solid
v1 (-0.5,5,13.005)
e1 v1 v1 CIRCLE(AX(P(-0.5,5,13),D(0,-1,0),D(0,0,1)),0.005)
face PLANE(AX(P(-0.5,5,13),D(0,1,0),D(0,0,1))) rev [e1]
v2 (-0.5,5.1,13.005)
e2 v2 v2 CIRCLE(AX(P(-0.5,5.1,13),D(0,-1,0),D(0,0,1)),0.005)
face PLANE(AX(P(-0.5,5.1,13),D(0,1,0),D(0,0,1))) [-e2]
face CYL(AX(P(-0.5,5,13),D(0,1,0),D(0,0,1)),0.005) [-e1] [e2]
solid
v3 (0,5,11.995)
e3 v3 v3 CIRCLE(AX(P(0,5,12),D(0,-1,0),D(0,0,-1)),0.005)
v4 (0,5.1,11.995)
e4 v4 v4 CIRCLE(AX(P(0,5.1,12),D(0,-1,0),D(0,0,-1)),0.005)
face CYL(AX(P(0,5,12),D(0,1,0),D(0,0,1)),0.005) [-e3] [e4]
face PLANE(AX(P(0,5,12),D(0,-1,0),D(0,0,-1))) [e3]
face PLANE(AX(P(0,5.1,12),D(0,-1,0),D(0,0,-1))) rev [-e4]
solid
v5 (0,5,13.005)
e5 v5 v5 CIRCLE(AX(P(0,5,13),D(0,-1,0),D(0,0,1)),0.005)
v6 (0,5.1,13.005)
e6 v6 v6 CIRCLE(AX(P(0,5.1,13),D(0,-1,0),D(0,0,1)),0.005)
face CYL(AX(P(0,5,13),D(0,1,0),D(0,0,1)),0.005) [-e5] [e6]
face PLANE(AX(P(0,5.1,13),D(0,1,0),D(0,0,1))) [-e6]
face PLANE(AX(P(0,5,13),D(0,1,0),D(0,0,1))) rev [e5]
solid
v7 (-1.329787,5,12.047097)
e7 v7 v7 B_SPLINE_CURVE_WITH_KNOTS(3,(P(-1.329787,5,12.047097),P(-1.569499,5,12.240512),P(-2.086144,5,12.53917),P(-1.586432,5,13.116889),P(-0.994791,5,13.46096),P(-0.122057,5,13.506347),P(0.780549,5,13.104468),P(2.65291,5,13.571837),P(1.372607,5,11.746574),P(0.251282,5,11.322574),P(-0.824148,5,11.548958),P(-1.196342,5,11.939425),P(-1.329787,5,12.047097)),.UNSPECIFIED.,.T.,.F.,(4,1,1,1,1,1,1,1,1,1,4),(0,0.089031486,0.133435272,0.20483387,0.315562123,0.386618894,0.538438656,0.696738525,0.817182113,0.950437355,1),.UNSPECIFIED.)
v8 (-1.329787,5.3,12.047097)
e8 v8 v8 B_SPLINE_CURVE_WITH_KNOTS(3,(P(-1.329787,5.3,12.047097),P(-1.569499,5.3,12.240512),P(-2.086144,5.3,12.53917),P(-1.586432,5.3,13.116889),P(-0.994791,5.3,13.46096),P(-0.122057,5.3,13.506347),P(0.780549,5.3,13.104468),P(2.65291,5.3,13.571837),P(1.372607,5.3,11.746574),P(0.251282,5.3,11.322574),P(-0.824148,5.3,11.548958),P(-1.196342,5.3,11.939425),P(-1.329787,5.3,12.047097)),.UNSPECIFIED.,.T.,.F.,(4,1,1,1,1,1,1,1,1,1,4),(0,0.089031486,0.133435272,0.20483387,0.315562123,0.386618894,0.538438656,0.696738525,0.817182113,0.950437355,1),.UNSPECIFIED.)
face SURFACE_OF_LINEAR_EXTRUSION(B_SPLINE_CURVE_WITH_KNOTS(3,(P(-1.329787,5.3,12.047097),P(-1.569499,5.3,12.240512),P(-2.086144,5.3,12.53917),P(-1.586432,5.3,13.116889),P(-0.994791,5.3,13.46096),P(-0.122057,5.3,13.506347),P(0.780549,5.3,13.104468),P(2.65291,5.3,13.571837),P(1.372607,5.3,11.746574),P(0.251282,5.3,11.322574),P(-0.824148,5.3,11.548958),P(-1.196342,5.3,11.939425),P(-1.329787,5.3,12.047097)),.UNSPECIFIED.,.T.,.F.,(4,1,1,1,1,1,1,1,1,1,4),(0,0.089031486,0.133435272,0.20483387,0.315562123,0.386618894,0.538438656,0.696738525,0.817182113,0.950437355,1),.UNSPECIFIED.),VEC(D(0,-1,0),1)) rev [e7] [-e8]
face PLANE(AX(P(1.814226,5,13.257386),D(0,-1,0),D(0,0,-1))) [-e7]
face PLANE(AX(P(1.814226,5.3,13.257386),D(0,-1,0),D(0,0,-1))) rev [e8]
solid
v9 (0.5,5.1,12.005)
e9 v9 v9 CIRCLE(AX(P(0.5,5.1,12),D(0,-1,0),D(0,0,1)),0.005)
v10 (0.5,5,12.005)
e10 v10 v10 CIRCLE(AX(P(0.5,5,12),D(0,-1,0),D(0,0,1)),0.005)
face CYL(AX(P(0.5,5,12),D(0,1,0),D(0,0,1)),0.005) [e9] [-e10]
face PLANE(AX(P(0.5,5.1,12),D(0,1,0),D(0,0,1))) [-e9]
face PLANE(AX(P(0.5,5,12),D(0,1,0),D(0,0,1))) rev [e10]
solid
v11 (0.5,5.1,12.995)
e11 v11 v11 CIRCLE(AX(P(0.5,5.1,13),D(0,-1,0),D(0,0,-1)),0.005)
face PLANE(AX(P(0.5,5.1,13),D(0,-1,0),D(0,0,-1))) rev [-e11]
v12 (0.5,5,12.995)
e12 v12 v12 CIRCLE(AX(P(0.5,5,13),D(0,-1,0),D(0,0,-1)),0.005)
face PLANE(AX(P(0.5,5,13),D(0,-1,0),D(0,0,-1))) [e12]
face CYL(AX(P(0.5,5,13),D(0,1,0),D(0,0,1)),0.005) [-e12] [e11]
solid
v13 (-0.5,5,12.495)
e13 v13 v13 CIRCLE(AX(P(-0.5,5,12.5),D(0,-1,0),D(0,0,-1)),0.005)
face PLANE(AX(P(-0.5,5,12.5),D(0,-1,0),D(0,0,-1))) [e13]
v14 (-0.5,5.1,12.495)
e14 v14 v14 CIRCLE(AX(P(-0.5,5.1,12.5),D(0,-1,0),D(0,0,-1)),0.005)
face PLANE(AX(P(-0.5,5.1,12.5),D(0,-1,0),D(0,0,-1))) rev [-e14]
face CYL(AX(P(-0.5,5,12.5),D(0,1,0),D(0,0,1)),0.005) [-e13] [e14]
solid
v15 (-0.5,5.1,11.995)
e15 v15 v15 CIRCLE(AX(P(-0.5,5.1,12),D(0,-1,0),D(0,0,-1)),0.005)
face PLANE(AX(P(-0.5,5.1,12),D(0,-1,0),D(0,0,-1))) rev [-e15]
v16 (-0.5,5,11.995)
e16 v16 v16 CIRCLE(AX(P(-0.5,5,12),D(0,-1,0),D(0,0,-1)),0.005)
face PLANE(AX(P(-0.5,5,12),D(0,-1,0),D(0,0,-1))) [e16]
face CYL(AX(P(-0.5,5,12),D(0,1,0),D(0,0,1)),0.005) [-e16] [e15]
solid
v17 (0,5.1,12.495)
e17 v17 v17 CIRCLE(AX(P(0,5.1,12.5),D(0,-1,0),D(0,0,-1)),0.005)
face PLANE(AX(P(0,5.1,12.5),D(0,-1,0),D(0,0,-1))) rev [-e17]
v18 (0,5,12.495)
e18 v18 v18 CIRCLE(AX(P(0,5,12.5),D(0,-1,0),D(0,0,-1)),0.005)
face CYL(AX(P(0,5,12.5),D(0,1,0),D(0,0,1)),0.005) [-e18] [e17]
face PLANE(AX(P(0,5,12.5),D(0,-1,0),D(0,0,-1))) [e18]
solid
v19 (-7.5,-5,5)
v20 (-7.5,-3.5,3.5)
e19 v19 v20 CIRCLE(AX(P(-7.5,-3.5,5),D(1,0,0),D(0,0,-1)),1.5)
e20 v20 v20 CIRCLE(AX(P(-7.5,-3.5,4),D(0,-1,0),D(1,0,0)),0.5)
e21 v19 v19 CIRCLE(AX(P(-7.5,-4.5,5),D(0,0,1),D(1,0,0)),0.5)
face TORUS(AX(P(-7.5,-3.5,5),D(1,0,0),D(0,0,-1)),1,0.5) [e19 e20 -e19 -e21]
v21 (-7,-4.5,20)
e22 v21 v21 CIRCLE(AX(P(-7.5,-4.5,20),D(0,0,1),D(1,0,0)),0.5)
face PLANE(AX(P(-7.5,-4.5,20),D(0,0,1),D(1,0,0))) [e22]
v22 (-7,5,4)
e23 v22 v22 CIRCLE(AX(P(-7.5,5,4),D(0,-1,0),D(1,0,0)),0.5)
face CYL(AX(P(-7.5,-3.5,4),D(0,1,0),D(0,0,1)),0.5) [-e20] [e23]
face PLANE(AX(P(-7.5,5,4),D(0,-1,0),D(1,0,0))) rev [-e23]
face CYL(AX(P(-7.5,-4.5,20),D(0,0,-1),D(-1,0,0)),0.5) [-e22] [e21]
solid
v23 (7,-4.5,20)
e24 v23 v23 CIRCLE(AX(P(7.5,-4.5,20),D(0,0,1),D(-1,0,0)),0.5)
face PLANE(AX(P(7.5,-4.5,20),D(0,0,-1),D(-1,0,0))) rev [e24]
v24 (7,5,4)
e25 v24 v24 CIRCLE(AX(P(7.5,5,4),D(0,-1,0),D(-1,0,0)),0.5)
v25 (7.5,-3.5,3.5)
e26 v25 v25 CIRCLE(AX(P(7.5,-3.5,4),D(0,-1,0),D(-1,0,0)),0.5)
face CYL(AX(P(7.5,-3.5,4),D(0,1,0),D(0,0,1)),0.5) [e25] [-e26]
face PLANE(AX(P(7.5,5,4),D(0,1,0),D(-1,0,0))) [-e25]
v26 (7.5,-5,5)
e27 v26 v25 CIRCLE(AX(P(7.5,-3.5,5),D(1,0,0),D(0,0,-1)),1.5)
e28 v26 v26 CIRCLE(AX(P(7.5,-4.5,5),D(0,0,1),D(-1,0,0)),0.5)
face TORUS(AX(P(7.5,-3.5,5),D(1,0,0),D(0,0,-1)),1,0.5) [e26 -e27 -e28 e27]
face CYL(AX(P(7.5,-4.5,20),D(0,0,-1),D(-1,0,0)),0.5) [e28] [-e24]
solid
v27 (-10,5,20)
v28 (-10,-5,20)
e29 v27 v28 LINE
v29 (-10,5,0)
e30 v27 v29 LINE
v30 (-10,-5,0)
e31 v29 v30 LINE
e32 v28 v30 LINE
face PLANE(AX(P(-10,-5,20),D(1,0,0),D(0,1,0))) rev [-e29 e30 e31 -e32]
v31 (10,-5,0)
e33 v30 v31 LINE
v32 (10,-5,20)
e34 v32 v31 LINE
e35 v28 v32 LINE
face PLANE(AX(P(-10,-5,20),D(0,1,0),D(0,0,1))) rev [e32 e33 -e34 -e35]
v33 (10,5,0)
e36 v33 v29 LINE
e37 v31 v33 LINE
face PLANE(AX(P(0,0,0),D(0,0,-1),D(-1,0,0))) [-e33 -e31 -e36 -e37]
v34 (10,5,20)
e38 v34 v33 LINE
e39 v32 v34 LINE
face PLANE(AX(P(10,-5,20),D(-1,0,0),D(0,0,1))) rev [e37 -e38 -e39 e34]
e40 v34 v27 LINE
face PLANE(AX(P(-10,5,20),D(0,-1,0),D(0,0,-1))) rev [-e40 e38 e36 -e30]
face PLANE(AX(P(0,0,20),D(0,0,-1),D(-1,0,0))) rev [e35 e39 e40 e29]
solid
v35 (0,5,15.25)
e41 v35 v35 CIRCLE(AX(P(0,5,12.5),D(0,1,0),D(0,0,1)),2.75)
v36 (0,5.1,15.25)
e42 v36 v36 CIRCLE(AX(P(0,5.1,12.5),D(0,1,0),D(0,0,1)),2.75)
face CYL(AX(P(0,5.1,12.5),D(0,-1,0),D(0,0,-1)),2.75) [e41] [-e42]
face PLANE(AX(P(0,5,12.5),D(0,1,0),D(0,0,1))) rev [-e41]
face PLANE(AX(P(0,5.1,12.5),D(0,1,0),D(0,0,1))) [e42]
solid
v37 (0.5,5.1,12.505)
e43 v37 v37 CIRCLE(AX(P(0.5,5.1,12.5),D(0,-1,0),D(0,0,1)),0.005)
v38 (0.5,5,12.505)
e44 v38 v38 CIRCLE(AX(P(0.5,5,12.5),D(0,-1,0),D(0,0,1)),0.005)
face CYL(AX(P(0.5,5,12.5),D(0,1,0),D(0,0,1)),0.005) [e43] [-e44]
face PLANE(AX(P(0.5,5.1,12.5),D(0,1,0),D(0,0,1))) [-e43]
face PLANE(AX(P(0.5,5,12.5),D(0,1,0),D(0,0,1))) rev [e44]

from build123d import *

# Parameters (mm, degrees)
SKETCH1_W             = 20
SKETCH1_H             = 10
BOSS_EXTRUDE1_DEPTH   = 20
SKETCH2_R             = 0.5
SKETCH5_R             = 2.75
BOSS_EXTRUDE4_DEPTH   = 0.1
SKETCH8_R             = 0.005
BOSS_EXTRUDE5_DEPTH   = 0.1
BOSS_EXTRUDE5_2_DEPTH = 0.1
BOSS_EXTRUDE5_3_DEPTH = 0.1
BOSS_EXTRUDE5_4_DEPTH = 0.1
BOSS_EXTRUDE5_5_DEPTH = 0.1
BOSS_EXTRUDE5_6_DEPTH = 0.1
BOSS_EXTRUDE5_7_DEPTH = 0.1
BOSS_EXTRUDE5_8_DEPTH = 0.1
BOSS_EXTRUDE5_9_DEPTH = 0.1
SLICE_2_DEPTH         = 0.3


with BuildPart() as part:
    # Sketch1 → Boss-Extrude1 (new body)
    with BuildSketch(Plane.XY):
        Rectangle(SKETCH1_W, SKETCH1_H)
    extrude(amount=BOSS_EXTRUDE1_DEPTH)


with BuildPart() as body_2:
    # ag/agcl electrodes: sweep along a path in Sketch3
    with BuildLine(Plane(origin=(7.5, 0, 0), x_dir=(0, 0, -1), z_dir=(1, 0, 0))) as ag_agcl_electrodes_path:
        Line((-20, -4.5), (-5, -4.5))
        ThreePointArc((-5, -4.5), (-4.292893219, -4.207106781), (-4, -3.5))
        Line((-4, -3.5), (-4, 5))
    # Sketch2 → ag/agcl electrodes (sweep)
    with BuildSketch(Plane.XY.offset(20)):
        with Locations((-7.5, -4.5)):
            Circle(SKETCH2_R)
        with Locations((7.5, -4.5)):
            Circle(SKETCH2_R)
    sweep(path=ag_agcl_electrodes_path.line)


with BuildPart() as body_3:
    # Sketch5 → Boss-Extrude4 (new body)
    with BuildSketch(Plane(origin=(0, 5, 0), x_dir=(1, 0, 0), z_dir=(0, 1, 0))):
        with Locations(Location((0, -12.5, 0), (0, 0, 270))):
            Circle(SKETCH5_R)
    extrude(amount=BOSS_EXTRUDE4_DEPTH)


with BuildPart() as body_4:
    # Sketch8 → Boss-Extrude5 (new body)
    with BuildSketch(Plane(origin=(0, 5.1, 0), x_dir=(-1, 0, 0), z_dir=(0, -1, 0))):
        with Locations(Location((0, -12.5, 0), (0, 0, 90))):
            Circle(SKETCH8_R)
    extrude(amount=BOSS_EXTRUDE5_DEPTH)


with BuildPart() as body_5:
    # Sketch8 → Boss-Extrude5 2 (new body)
    with BuildSketch(Plane(origin=(0, 5.1, 0), x_dir=(-1, 0, 0), z_dir=(0, -1, 0))):
        with Locations(Location((0.5, -12.5, 0), (0, 0, 90))):
            Circle(SKETCH8_R)
    extrude(amount=BOSS_EXTRUDE5_2_DEPTH)


with BuildPart() as body_6:
    # Sketch8 → Boss-Extrude5 3 (new body)
    with BuildSketch(Plane(origin=(0, 5.1, 0), x_dir=(-1, 0, 0), z_dir=(0, -1, 0))):
        with Locations(Location((0.5, -12, 0), (0, 0, 90))):
            Circle(SKETCH8_R)
    extrude(amount=BOSS_EXTRUDE5_3_DEPTH)


with BuildPart() as body_7:
    # Sketch8 → Boss-Extrude5 4 (new body)
    with BuildSketch(Plane(origin=(0, 5.1, 0), x_dir=(-1, 0, 0), z_dir=(0, -1, 0))):
        with Locations(Location((0, -12, 0), (0, 0, 90))):
            Circle(SKETCH8_R)
    extrude(amount=BOSS_EXTRUDE5_4_DEPTH)


with BuildPart() as body_8:
    # Sketch8 → Boss-Extrude5 5 (new body)
    with BuildSketch(Plane(origin=(0, 5.1, 0), x_dir=(-1, 0, 0), z_dir=(0, -1, 0))):
        with Locations(Location((0.5, -13, 0), (0, 0, 270))):
            Circle(SKETCH8_R)
    extrude(amount=BOSS_EXTRUDE5_5_DEPTH)


with BuildPart() as body_9:
    # Sketch8 → Boss-Extrude5 6 (new body)
    with BuildSketch(Plane(origin=(0, 5.1, 0), x_dir=(-1, 0, 0), z_dir=(0, -1, 0))):
        with Locations(Location((0, -13, 0), (0, 0, 270))):
            Circle(SKETCH8_R)
    extrude(amount=BOSS_EXTRUDE5_6_DEPTH)


with BuildPart() as body_10:
    # Sketch8 → Boss-Extrude5 7 (new body)
    with BuildSketch(Plane(origin=(0, 5.1, 0), x_dir=(-1, 0, 0), z_dir=(0, -1, 0))):
        with Locations(Location((-0.5, -13, 0), (0, 0, 90))):
            Circle(SKETCH8_R)
    extrude(amount=BOSS_EXTRUDE5_7_DEPTH)


with BuildPart() as body_11:
    # Sketch8 → Boss-Extrude5 8 (new body)
    with BuildSketch(Plane(origin=(0, 5.1, 0), x_dir=(-1, 0, 0), z_dir=(0, -1, 0))):
        with Locations(Location((-0.5, -12, 0), (0, 0, 270))):
            Circle(SKETCH8_R)
    extrude(amount=BOSS_EXTRUDE5_8_DEPTH)


with BuildPart() as body_12:
    # Sketch8 → Boss-Extrude5 9 (new body)
    with BuildSketch(Plane(origin=(0, 5.1, 0), x_dir=(-1, 0, 0), z_dir=(0, -1, 0))):
        with Locations(Location((-0.5, -12.5, 0), (0, 0, 270))):
            Circle(SKETCH8_R)
    extrude(amount=BOSS_EXTRUDE5_9_DEPTH)


with BuildPart() as body_13:
    # Sketch4 → slice 2 (new body)
    with BuildSketch(Plane(origin=(0, 5, 0), x_dir=(1, 0, 0), z_dir=(0, 1, 0))):
        with BuildLine():
            add(Edge.make_bspline(
                [(-1.329786825, -12.04709664), (-1.196342031, -11.939424685), (-0.824147777, -11.548957834), (0.251281573, -11.322574475), (1.372606671, -11.746573561), (2.652909809, -13.571837262), (0.780549472, -13.104467787), (-0.122057097, -13.506347246), (-0.994791107, -13.460960152), (-1.586432094, -13.116889112), (-2.086144249, -12.539169772), (-1.569499382, -12.240512354), (-1.329786825, -12.04709664)],
                knots=[0, 0, 0, 0, 0.049562645, 0.182817887, 0.303261475, 0.461561344, 0.613381106, 0.684437877, 0.79516613, 0.866564728, 0.910968514, 1, 1, 1, 1], degree=3))
        make_face()
    extrude(amount=SLICE_2_DEPTH)


solid = Compound([part.part, body_2.part, body_3.part, body_4.part, body_5.part, body_6.part, body_7.part, body_8.part, body_9.part, body_10.part, body_11.part, body_12.part, body_13.part])
